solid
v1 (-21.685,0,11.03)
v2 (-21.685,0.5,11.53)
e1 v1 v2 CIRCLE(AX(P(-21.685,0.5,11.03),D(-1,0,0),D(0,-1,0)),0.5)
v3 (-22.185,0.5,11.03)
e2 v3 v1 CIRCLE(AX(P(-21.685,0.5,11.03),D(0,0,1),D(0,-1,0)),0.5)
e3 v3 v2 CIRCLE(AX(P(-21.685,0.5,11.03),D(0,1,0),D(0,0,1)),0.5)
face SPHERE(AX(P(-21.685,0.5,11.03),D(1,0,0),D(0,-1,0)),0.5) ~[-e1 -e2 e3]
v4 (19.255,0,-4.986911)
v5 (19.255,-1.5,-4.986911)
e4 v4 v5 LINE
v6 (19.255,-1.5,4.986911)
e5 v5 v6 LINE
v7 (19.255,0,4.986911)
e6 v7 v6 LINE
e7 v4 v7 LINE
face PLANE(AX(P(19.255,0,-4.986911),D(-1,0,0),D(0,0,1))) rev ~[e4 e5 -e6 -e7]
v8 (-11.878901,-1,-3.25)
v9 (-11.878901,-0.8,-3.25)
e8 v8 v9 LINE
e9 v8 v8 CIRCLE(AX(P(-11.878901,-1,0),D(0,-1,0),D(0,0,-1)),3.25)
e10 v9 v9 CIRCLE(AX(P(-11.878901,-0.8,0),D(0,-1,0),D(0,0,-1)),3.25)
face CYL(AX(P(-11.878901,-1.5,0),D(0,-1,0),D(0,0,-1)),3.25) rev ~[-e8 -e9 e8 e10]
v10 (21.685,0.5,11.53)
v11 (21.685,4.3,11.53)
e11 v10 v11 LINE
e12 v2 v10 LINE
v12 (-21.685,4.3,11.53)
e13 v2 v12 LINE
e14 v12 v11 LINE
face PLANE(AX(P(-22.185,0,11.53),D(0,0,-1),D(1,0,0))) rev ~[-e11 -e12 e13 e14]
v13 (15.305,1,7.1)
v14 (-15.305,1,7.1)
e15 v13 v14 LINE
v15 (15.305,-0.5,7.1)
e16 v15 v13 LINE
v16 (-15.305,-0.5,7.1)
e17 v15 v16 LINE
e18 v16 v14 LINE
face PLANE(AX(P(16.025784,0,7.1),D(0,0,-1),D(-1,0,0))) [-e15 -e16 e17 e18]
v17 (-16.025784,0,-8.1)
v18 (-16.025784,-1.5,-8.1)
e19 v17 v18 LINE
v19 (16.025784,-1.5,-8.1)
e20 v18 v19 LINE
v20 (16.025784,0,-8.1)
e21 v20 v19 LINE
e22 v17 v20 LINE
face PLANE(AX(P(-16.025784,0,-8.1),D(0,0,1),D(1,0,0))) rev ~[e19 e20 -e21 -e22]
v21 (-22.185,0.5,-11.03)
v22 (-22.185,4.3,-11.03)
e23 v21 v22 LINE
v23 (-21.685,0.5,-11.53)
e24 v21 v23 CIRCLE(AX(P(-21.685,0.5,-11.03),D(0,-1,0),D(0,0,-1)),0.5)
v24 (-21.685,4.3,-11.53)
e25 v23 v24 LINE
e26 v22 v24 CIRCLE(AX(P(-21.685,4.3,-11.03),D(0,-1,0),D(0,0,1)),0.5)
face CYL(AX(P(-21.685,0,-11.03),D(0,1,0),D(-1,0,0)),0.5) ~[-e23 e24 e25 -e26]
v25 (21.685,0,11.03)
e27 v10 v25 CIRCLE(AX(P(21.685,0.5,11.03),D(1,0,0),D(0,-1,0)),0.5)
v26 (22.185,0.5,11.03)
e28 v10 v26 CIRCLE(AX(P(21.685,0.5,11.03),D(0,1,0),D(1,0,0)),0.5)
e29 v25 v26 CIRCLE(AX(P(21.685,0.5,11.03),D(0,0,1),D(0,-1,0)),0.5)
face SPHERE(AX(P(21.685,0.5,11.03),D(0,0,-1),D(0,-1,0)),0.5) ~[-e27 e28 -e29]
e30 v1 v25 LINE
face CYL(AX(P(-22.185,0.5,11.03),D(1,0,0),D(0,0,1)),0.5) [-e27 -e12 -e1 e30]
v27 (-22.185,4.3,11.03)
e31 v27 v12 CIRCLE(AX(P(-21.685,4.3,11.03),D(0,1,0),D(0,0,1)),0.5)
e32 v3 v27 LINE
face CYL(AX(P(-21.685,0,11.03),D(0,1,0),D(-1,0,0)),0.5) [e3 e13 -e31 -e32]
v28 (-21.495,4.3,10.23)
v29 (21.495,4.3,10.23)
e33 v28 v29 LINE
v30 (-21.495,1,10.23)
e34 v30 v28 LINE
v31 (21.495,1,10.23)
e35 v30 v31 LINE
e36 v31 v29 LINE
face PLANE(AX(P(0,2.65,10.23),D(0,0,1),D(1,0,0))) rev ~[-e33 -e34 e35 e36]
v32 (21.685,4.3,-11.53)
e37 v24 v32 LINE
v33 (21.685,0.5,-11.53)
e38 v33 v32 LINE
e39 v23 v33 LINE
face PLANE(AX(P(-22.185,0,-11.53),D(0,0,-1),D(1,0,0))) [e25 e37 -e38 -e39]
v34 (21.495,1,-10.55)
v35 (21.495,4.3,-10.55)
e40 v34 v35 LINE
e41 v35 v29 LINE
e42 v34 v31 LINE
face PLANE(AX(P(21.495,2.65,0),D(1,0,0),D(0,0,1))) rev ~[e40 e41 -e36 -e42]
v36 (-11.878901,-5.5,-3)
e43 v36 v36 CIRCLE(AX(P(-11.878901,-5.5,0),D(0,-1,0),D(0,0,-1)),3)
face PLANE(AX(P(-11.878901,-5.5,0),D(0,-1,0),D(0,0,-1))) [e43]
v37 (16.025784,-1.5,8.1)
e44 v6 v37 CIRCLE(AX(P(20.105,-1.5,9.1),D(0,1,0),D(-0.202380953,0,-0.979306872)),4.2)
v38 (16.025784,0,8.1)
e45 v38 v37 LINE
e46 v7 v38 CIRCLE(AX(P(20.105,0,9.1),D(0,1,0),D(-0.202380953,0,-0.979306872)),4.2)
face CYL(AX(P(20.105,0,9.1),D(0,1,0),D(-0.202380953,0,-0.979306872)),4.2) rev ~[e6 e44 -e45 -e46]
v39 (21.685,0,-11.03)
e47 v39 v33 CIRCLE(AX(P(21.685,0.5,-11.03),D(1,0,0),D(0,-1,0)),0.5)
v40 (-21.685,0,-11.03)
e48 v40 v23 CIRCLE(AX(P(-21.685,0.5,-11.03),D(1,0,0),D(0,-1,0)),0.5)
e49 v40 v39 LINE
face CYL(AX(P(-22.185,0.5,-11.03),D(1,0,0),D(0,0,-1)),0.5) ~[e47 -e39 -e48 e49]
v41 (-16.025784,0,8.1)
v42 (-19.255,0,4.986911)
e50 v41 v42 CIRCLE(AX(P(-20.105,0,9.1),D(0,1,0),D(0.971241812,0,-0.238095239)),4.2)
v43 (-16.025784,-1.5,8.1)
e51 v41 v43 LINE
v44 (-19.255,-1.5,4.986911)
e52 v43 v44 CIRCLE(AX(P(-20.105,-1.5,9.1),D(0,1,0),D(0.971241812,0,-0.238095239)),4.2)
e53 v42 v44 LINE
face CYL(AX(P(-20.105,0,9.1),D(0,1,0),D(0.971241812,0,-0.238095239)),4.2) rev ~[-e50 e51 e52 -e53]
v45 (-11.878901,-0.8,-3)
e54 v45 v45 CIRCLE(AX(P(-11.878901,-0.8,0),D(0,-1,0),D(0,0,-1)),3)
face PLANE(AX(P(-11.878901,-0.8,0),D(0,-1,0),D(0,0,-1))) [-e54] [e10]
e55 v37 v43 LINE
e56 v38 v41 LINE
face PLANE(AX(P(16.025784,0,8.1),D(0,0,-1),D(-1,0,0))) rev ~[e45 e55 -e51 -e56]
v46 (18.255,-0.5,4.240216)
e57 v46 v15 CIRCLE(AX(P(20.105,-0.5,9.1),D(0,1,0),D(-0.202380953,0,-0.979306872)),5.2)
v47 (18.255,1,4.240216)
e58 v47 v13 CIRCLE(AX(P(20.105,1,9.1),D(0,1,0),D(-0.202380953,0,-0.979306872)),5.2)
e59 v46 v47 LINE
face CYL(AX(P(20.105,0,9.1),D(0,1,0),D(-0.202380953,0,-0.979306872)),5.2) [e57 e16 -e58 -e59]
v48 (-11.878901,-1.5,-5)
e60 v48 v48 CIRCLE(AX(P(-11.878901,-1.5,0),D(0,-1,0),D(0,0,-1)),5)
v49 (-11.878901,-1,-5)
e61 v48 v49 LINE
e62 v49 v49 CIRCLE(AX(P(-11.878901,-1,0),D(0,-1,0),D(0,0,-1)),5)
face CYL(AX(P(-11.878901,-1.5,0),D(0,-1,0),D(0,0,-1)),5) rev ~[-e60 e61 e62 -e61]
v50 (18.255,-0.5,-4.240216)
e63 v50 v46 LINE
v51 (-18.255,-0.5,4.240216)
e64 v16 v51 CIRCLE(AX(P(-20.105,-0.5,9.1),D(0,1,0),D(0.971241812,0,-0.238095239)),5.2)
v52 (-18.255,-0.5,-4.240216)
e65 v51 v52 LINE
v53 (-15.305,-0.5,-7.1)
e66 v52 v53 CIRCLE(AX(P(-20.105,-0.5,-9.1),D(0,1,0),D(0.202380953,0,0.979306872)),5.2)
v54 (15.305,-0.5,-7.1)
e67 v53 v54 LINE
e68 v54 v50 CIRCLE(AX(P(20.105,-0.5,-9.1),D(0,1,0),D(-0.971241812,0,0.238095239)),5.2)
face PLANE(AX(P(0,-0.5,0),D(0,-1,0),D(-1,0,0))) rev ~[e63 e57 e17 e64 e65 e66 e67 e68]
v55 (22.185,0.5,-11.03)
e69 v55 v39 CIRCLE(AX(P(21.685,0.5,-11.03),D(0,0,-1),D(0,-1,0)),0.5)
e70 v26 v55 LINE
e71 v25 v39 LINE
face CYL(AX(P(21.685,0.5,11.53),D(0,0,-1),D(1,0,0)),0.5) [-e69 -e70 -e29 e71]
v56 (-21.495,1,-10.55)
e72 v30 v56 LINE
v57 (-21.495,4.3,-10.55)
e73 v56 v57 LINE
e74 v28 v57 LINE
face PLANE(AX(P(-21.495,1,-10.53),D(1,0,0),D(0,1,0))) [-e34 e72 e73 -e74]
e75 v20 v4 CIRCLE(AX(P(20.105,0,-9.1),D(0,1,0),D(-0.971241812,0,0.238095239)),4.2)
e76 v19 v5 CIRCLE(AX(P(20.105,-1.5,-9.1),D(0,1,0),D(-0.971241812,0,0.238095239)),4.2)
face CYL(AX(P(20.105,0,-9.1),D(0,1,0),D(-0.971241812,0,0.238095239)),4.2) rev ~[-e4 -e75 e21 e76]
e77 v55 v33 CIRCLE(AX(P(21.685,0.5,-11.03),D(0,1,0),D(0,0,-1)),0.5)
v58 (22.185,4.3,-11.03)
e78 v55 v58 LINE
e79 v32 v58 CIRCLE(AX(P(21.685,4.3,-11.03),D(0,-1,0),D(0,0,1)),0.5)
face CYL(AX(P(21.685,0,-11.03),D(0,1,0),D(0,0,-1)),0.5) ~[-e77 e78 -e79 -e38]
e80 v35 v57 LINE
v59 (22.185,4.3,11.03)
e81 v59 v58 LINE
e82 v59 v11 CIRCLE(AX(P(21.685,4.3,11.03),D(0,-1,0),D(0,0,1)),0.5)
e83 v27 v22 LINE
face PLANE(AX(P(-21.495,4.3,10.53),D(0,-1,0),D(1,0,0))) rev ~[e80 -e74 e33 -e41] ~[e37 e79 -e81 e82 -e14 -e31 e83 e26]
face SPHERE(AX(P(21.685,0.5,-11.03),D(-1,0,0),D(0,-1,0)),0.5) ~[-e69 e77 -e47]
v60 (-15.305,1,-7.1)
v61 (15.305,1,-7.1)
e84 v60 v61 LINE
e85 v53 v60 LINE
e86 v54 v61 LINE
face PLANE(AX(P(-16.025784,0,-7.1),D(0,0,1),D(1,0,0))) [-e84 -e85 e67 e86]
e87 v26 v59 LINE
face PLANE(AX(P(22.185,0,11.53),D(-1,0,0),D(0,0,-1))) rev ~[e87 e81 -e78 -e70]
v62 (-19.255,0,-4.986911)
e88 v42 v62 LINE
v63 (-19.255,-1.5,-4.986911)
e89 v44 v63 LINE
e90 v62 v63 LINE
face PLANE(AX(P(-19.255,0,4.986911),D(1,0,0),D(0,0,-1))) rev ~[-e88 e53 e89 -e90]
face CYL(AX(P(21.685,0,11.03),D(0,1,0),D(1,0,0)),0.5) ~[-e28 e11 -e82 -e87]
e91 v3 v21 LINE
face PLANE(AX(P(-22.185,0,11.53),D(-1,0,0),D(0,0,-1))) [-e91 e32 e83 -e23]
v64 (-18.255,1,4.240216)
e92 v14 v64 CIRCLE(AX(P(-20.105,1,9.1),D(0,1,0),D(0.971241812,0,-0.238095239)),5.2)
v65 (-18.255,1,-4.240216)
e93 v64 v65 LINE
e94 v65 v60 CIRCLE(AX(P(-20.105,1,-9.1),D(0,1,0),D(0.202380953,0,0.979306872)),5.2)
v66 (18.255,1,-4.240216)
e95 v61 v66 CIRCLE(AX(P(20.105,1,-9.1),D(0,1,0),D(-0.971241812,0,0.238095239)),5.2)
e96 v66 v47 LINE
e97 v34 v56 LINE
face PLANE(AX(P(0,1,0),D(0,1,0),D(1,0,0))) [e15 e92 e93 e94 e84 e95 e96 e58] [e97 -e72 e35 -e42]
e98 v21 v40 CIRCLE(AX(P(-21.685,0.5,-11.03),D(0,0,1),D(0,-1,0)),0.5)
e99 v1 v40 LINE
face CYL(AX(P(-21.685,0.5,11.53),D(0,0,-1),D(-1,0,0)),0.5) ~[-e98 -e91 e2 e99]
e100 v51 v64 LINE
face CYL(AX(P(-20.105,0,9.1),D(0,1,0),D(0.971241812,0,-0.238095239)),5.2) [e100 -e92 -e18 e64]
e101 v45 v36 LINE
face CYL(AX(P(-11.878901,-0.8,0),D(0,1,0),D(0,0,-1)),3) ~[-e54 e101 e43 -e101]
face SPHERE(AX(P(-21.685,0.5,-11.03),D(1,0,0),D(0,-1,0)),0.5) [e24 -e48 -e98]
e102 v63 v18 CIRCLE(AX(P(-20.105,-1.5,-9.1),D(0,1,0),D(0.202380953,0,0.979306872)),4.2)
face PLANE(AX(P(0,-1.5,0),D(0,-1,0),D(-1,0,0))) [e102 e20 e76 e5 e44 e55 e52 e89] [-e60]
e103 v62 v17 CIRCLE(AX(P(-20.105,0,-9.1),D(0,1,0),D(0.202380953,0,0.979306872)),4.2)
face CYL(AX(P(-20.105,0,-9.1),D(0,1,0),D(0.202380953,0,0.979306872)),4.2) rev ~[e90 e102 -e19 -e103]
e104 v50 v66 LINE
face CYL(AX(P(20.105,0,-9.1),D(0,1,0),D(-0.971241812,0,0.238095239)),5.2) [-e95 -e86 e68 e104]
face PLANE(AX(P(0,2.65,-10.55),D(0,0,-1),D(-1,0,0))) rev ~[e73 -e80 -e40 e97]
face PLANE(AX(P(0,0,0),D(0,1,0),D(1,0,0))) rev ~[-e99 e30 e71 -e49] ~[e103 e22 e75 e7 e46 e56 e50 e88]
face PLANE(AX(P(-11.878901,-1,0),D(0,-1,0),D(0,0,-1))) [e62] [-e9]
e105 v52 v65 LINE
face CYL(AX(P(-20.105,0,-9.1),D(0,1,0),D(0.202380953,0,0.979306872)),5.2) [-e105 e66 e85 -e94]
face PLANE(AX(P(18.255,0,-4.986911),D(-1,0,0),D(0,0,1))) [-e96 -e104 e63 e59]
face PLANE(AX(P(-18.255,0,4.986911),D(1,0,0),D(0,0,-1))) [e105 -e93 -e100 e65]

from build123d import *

# Parameters (mm, degrees)
TOP_COVER_SKETCH_01_W       = 44.37
TOP_COVER_SKETCH_01_H       = 23.06
TOP_COVER_EXT_SHAPE_DEPTH   = 4.3
SALIENTE_EXTRUIR1_DEPTH     = 1.5
VACIADO1_T                  = -1
VACIADO1_THICKNESS_2_FACE_W = 21.06
VACIADO1_THICKNESS_2_FACE_H = 3.3
VACIADO1_THICKNESS_2_DEPTH  = 0.31
VACIADO1_THICKNESS_3_FACE_W = 21.06
VACIADO1_THICKNESS_3_FACE_H = 3.3
VACIADO1_THICKNESS_3_DEPTH  = 0.31
VACIADO1_THICKNESS_4_FACE_W = 42.99
VACIADO1_THICKNESS_4_FACE_H = 3.3
VACIADO1_THICKNESS_4_DEPTH  = 0.02
VACIADO1_THICKNESS_5_FACE_W = 42.99
VACIADO1_THICKNESS_5_FACE_H = 3.3
VACIADO1_THICKNESS_5_DEPTH  = 0.3
CROQUIS1_R                  = 3.25
CORTAR_EXTRUIR1_DEPTH       = 0.7
CROQUIS1_5_R                = 5
CROQUIS1_5_R_2              = 3.25
CORTAR_EXTRUIR2_DEPTH       = 0.5
CROQUIS2_R                  = 3
SALIENTE_EXTRUIR2_DEPTH     = 4.7
REDONDEO1_R                 = 0.5


with BuildPart() as part:
    # Top-cover-sketch-01 → Top-cover-ext-shape (new body)
    with BuildSketch(Plane(origin=(0, 0, 0), x_dir=(1, 0, 0), z_dir=(0, 1, 0))):
        Rectangle(TOP_COVER_SKETCH_01_W, TOP_COVER_SKETCH_01_H)
    extrude(amount=TOP_COVER_EXT_SHAPE_DEPTH)

    # Top-cover-sketch-01<18> → Saliente-Extruir1 (add)
    with BuildSketch(Plane(origin=(0, 0, 0), x_dir=(1, 0, 0), z_dir=(0, 1, 0))):
        with BuildLine():
            Line((16.025784389, 8.1), (-16.025784389, 8.1))
            ThreePointArc((-16.025784389, 8.1), (-17.190017633, 6.076280801), (-19.255, 4.986911136))
            Line((-19.255, 4.986911136), (-19.255, -4.986911136))
            ThreePointArc((-19.255, -4.986911136), (-17.190017633, -6.076280801), (-16.025784389, -8.1))
            Line((-16.025784389, -8.1), (16.025784389, -8.1))
            ThreePointArc((16.025784389, -8.1), (17.190017633, -6.076280801), (19.255, -4.986911136))
            Line((19.255, -4.986911136), (19.255, 4.986911136))
            ThreePointArc((19.255, 4.986911136), (17.190017633, 6.076280801), (16.025784389, 8.1))
        make_face()
    extrude(amount=-SALIENTE_EXTRUIR1_DEPTH)

    # Vaciado1
    vaciado1_openings = [part.faces().sort_by_distance(p)[0] for p in [
        (0, 4.3, 0),
    ]]
    offset(amount=VACIADO1_T, openings=vaciado1_openings, kind=Kind.INTERSECTION)

    # Vaciado1 thickness 2 face (on inner face of the shell) → Vaciado1 thickness 2 (cut)
    with BuildSketch(Plane(origin=(-21.185, 2.65, 0), x_dir=(0, 0, -1), z_dir=(-1, 0, 0))):
        Rectangle(VACIADO1_THICKNESS_2_FACE_W, VACIADO1_THICKNESS_2_FACE_H)
    extrude(amount=VACIADO1_THICKNESS_2_DEPTH, mode=Mode.SUBTRACT)

    # Vaciado1 thickness 3 face (on inner face of the shell) → Vaciado1 thickness 3 (cut)
    with BuildSketch(Plane(origin=(21.185, 2.65, 0), x_dir=(0, 0, 1), z_dir=(1, 0, 0))):
        Rectangle(VACIADO1_THICKNESS_3_FACE_W, VACIADO1_THICKNESS_3_FACE_H)
    extrude(amount=VACIADO1_THICKNESS_3_DEPTH, mode=Mode.SUBTRACT)

    # Vaciado1 thickness 4 face (on inner face of the shell) → Vaciado1 thickness 4 (cut)
    with BuildSketch(Plane(origin=(0, 2.65, -10.53), x_dir=(-1, 0, 0), z_dir=(0, 0, -1))):
        Rectangle(VACIADO1_THICKNESS_4_FACE_W, VACIADO1_THICKNESS_4_FACE_H)
    extrude(amount=VACIADO1_THICKNESS_4_DEPTH, mode=Mode.SUBTRACT)

    # Vaciado1 thickness 5 face (on inner face of the shell) → Vaciado1 thickness 5 (add)
    with BuildSketch(Plane(origin=(0, 2.65, 10.53), x_dir=(1, 0, 0), z_dir=(0, 0, 1))):
        Rectangle(VACIADO1_THICKNESS_5_FACE_W, VACIADO1_THICKNESS_5_FACE_H)
    extrude(amount=-VACIADO1_THICKNESS_5_DEPTH)

    # Croquis1 → Cortar-Extruir1 (cut)
    with BuildSketch(Plane.XZ.offset(1.5)):
        with Locations((-11.878900962, 0)):
            Circle(CROQUIS1_R)
    extrude(amount=-CORTAR_EXTRUIR1_DEPTH, mode=Mode.SUBTRACT)

    # Croquis1<5> → Cortar-Extruir2 (cut)
    with BuildSketch(Plane.XZ.offset(1.5)):
        with Locations((-11.878900962, 0)):
            Circle(CROQUIS1_5_R)
        with Locations((-11.878900962, 0)):
            Circle(CROQUIS1_5_R_2, mode=Mode.SUBTRACT)
    extrude(amount=-CORTAR_EXTRUIR2_DEPTH, mode=Mode.SUBTRACT)

    # Croquis2 → Saliente-Extruir2 (add)
    with BuildSketch(Plane.XZ.offset(0.8)):
        with Locations((-11.878900962, 0)):
            Circle(CROQUIS2_R)
    extrude(amount=SALIENTE_EXTRUIR2_DEPTH)

    # Redondeo1
    redondeo1_edges = [part.edges().sort_by_distance(p)[0] for p in [
        (22.185, 2.15, 11.53),
        (22.185, 2.15, -11.53),
        (-22.185, 0, 0),
        (22.185, 0, 0),
        (0, 0, 11.53),
        (-22.185, 2.15, 11.53),
        (-22.185, 2.15, -11.53),
        (0, 0, -11.53),
    ]]
    fillet(redondeo1_edges, radius=REDONDEO1_R)


solid = part.part
